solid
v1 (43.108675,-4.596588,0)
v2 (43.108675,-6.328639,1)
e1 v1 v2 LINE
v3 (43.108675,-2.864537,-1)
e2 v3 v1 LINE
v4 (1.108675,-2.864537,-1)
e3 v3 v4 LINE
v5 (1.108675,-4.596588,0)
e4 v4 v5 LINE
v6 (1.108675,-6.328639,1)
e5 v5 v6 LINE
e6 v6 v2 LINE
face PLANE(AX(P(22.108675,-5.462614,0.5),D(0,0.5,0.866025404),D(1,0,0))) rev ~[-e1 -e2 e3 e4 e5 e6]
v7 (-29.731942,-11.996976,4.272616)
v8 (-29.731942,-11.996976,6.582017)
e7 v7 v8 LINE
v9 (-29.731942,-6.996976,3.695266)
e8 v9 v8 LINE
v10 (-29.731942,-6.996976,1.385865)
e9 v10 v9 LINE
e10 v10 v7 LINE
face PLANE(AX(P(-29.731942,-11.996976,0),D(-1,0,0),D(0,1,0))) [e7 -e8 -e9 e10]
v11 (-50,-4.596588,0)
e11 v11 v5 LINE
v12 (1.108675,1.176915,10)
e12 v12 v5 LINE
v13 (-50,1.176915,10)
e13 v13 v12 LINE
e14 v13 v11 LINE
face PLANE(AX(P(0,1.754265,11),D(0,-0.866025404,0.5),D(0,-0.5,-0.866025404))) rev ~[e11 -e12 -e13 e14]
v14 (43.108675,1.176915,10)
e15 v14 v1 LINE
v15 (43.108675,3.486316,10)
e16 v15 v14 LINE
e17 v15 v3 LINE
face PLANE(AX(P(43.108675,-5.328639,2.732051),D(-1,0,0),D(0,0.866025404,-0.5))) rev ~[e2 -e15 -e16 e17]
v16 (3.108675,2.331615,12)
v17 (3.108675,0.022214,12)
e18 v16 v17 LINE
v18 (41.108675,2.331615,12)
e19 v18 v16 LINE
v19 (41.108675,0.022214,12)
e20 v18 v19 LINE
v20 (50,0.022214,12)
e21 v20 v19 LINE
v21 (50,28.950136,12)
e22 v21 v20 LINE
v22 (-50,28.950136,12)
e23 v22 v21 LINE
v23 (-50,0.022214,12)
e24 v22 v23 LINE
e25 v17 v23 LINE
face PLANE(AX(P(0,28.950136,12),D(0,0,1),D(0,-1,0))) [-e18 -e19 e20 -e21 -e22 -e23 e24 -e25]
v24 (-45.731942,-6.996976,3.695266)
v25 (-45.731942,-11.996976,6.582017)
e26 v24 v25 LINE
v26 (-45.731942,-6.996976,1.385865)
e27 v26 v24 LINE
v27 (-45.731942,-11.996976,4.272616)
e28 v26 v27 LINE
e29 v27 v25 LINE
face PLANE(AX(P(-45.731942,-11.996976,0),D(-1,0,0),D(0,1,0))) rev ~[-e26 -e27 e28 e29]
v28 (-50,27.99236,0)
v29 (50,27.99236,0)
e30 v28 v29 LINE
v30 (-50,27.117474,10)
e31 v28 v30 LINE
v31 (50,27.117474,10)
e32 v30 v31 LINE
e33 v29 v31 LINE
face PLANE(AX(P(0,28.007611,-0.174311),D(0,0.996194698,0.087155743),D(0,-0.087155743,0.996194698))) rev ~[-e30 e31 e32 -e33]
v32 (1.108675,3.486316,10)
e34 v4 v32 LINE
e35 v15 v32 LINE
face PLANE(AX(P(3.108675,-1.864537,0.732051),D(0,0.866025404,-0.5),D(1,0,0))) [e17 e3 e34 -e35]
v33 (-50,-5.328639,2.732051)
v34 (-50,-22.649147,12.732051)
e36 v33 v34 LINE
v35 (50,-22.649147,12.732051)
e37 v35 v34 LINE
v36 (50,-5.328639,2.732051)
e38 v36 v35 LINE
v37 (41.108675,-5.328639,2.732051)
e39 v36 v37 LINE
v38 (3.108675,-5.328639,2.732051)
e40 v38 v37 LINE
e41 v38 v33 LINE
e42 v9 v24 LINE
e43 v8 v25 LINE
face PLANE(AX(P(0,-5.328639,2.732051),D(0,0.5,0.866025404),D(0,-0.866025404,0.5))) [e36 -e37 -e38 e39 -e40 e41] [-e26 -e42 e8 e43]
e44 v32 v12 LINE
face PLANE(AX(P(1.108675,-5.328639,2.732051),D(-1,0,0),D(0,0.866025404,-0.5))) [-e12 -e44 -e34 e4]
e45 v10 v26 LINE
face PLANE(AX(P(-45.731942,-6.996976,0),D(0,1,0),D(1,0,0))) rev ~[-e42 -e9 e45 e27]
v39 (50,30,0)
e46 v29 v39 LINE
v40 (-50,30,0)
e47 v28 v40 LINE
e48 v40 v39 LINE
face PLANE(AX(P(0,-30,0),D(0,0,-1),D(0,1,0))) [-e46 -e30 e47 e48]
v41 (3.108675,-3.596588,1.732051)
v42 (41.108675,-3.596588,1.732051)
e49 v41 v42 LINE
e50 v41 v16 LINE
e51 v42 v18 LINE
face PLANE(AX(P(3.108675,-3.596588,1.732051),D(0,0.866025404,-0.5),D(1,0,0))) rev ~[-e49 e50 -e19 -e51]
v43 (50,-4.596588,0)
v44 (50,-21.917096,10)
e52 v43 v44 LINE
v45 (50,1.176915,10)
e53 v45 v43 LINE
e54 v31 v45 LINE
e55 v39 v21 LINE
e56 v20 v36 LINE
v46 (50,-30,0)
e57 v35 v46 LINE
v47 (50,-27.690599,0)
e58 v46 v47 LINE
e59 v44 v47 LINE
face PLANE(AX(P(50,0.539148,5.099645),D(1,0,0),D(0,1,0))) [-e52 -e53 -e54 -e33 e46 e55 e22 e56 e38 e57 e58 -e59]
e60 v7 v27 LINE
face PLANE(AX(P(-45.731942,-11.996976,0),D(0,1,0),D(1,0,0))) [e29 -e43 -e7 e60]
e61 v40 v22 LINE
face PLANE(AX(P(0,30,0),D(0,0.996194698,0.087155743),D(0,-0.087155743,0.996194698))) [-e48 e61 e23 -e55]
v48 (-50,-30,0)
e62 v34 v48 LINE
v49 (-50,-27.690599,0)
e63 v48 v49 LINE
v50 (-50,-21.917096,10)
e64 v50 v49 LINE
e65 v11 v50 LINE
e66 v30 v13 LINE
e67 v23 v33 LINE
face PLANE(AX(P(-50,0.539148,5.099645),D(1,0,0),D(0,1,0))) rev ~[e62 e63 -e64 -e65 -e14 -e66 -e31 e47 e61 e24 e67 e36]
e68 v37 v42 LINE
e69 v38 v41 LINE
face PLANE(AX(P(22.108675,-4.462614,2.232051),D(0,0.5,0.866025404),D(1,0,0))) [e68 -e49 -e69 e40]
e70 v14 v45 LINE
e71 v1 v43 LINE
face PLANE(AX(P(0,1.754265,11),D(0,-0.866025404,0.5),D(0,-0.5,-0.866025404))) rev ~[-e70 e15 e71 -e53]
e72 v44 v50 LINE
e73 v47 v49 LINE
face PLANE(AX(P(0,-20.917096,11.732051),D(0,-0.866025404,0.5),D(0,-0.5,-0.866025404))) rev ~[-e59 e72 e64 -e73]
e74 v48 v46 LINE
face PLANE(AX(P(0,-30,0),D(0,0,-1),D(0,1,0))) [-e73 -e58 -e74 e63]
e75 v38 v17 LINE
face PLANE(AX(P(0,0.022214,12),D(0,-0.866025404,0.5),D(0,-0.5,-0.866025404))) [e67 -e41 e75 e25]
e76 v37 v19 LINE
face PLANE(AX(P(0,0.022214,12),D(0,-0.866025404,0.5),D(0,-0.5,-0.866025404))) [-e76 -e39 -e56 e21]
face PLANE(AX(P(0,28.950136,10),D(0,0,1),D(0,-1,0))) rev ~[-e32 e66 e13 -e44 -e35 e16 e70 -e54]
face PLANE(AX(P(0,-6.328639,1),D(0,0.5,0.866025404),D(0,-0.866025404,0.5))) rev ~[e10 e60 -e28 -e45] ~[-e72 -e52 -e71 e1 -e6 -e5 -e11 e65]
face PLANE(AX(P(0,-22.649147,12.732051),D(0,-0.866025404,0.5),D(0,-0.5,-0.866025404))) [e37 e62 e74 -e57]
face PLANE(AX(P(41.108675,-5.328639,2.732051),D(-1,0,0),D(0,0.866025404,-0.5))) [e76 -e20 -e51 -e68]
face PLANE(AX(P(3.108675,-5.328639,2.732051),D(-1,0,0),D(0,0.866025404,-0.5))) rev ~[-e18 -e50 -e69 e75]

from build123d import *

# Parameters (mm, degrees)
F1_DEPTH = 50
F2_W     = 38
F2_H     = 2
F3_DEPTH = 26.3255735195
F4_T     = -2
F5_W     = 16
F5_H     = 5
F6_DEPTH = 12.7330508076


with BuildPart() as f1:
    # F0 (on Right) → F1 (new body, symmetric)
    with BuildSketch(Plane.YZ):
        Polygon((-22.6491470389, 12.7320508076), (-30, 0), (30, 0), (28.9501360377, 12), (0.0222139979, 12), (-5.3286389632, 2.7320508076), align=None)
    extrude(amount=F1_DEPTH, both=True)

    # F2 (on face) → F3 (cut, through all)
    with BuildSketch(Plane(origin=(0, -0.1491470389, -0.2583302492), x_dir=(1, 0, 0), z_dir=(0, 0.5, 0.8660254038))):
        with Locations((22.1086753011, -4.9807621135)):
            Rectangle(F2_W, F2_H)
    extrude(amount=F3_DEPTH, mode=Mode.SUBTRACT)

    # F4
    f4_openings = [f1.faces().sort_by_distance(p)[0] for p in [
        (0, 0, 0),
        (50, 3.195409, 5.336498),
        (-50, 3.195409, 5.336498),
    ]]
    offset(amount=F4_T, openings=f4_openings, kind=Kind.INTERSECTION)

    # F5 (on Top) → F6 (cut, through all)
    with BuildSketch(Plane.XY):
        with Locations((-37.7319419413, -9.4969761558)):
            Rectangle(F5_W, F5_H)
    extrude(amount=F6_DEPTH, mode=Mode.SUBTRACT)


solid = f1.part
